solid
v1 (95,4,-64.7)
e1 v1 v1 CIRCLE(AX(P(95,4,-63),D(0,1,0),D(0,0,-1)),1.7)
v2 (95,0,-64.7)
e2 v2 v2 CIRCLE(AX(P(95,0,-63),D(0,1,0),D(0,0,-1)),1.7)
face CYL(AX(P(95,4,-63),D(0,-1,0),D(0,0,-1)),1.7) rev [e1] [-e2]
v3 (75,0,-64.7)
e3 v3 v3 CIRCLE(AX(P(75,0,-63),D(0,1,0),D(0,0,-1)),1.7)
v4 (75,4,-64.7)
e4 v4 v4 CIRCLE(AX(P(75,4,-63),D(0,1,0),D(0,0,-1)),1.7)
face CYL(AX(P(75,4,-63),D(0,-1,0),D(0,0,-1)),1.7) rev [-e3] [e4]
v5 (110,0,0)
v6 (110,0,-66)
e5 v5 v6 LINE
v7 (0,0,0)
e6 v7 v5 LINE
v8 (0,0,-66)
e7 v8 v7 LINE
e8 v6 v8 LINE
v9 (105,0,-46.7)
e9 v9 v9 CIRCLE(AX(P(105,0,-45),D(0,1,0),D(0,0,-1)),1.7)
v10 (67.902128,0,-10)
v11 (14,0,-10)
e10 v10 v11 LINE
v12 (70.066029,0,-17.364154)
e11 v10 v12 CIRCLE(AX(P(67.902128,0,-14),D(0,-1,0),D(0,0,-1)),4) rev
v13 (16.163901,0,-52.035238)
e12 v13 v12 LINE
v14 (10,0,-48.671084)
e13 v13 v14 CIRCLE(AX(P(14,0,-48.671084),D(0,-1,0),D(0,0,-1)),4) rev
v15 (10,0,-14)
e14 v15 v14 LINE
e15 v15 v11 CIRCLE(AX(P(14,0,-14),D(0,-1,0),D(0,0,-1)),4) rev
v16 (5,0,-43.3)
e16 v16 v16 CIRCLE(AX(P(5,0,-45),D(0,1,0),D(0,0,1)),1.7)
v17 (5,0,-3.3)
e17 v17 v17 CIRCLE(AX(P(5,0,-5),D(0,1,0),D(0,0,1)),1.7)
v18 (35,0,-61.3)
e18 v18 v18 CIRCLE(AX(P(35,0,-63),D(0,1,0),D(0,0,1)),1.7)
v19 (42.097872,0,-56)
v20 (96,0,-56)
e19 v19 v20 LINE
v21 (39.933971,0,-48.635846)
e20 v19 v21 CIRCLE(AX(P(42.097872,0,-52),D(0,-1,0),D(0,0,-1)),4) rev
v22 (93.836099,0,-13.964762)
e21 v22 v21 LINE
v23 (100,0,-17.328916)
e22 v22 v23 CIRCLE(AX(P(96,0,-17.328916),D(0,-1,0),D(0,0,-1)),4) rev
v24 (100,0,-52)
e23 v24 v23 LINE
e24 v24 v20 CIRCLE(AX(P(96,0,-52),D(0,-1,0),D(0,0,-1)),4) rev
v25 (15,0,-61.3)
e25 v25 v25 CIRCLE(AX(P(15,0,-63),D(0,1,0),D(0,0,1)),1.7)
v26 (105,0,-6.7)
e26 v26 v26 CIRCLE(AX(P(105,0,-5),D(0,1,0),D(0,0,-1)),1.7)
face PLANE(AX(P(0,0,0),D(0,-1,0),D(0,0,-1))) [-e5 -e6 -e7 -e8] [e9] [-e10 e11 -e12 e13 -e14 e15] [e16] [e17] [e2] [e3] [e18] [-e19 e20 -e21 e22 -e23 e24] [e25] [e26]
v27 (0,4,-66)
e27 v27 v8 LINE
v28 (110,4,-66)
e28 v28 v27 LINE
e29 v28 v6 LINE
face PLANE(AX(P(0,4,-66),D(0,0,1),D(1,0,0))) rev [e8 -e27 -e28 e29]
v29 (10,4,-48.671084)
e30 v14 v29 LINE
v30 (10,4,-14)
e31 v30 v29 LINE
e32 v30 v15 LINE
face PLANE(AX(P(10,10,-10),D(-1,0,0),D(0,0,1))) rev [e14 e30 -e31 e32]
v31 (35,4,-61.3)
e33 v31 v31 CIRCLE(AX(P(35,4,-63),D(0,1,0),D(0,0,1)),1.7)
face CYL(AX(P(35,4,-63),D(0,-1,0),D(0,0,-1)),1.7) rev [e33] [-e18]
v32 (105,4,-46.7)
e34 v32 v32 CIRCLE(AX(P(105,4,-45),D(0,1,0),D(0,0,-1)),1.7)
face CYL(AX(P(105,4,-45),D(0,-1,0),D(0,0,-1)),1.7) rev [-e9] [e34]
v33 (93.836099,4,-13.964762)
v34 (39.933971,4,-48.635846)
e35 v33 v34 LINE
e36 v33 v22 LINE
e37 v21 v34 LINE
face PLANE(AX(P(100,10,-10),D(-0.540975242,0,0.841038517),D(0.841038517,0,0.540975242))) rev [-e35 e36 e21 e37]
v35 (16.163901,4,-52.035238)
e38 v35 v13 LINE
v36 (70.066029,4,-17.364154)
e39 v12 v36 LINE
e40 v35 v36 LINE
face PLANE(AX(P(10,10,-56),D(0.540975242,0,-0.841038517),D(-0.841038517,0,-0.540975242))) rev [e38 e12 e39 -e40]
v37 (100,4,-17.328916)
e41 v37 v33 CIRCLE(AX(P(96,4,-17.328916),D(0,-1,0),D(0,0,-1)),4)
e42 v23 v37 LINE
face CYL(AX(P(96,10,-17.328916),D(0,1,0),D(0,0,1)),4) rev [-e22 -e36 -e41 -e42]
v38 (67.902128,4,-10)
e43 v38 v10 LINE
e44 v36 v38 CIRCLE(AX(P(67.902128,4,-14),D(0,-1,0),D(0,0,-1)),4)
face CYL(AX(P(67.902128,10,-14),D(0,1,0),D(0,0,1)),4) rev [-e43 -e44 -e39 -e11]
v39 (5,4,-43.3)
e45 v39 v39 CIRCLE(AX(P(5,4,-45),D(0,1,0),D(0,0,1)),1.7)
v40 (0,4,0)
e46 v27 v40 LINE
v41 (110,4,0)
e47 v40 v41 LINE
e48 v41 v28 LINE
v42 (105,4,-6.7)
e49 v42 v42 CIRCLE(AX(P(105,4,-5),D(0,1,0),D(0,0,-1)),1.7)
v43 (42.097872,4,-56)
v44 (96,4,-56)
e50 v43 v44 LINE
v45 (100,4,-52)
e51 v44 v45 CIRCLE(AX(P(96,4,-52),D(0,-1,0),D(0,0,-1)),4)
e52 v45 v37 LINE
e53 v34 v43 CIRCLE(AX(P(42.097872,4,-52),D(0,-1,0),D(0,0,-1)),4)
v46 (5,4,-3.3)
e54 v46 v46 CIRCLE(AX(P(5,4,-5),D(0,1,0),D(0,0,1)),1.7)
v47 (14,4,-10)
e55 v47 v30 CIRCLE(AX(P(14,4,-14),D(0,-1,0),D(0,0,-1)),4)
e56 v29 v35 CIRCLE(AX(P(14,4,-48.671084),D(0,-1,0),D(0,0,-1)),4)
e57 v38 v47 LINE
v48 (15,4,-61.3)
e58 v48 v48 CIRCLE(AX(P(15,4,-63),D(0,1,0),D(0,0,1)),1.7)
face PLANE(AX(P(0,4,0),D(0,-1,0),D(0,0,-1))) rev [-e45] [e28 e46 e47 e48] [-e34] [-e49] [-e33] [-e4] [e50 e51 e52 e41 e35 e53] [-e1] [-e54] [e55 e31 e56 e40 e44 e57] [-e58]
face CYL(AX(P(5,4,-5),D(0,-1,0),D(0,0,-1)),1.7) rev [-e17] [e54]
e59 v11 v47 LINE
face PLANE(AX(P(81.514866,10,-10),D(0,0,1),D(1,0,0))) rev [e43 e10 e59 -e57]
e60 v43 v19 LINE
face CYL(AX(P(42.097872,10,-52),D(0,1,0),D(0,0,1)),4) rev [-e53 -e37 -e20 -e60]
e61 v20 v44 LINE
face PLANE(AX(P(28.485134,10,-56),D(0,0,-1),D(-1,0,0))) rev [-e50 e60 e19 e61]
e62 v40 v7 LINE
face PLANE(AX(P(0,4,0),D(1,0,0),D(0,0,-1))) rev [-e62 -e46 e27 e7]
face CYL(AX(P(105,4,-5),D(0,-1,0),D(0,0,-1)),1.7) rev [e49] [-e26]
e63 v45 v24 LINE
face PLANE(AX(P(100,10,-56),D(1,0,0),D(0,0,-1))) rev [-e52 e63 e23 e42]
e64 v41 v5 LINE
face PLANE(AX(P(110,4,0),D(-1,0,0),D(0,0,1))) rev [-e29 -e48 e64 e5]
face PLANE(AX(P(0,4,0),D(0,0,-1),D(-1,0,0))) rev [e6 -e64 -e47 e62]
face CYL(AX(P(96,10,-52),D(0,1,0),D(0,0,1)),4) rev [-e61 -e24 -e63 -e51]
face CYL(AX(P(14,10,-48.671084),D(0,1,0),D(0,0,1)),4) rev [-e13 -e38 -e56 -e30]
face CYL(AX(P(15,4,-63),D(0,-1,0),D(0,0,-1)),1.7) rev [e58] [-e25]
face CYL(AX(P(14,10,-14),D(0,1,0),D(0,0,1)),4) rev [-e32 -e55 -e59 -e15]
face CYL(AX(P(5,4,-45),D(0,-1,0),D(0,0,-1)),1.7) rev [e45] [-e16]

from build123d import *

# Parameters (mm, degrees)
SKETCH_1_W          = 110
SKETCH_1_H          = 66
SKETCH_1_R          = 1.7
EXTRUDE_1_DEPTH     = 4
CUT_EXTRUDE_1_DEPTH = 10
FILLET_1_R          = 4


with BuildPart() as part:
    # 草图1 → 凸台-拉伸1 (new body)
    with BuildSketch(Plane(origin=(0, 0, 0), x_dir=(1, 0, 0), z_dir=(0, 1, 0))):
        with Locations((55, 33)):
            Rectangle(SKETCH_1_W, SKETCH_1_H)
        with Locations(Location((5, 45, 0), (0, 0, 270))):
            Circle(SKETCH_1_R, mode=Mode.SUBTRACT)
        with Locations(Location((5, 5, 0), (0, 0, 270))):
            Circle(SKETCH_1_R, mode=Mode.SUBTRACT)
        with Locations(Location((105, 5, 0), (0, 0, 90))):
            Circle(SKETCH_1_R, mode=Mode.SUBTRACT)
        with Locations(Location((105, 45, 0), (0, 0, 90))):
            Circle(SKETCH_1_R, mode=Mode.SUBTRACT)
        with Locations(Location((15, 63, 0), (0, 0, 270))):
            Circle(SKETCH_1_R, mode=Mode.SUBTRACT)
        with Locations(Location((35, 63, 0), (0, 0, 270))):
            Circle(SKETCH_1_R, mode=Mode.SUBTRACT)
        with Locations(Location((75, 63, 0), (0, 0, 90))):
            Circle(SKETCH_1_R, mode=Mode.SUBTRACT)
        with Locations(Location((95, 63, 0), (0, 0, 90))):
            Circle(SKETCH_1_R, mode=Mode.SUBTRACT)
    extrude(amount=EXTRUDE_1_DEPTH)

    # 草图2 → 切除-拉伸1 (cut)
    with BuildSketch(Plane.XZ):
        Polygon((100, -56), (100, -10), (28.485134293, -56), align=None)
        Polygon((10, -56), (81.514865707, -10), (10, -10), align=None)
    extrude(amount=-CUT_EXTRUDE_1_DEPTH, mode=Mode.SUBTRACT)

    # 圆角1
    fillet_1_edges = [part.edges().sort_by_distance(p)[0] for p in [
        (10, 2, -56),
        (10, 2, -10),
        (81.514865707, 2, -10),
        (100, 2, -56),
        (28.485134293, 2, -56),
        (100, 2, -10),
    ]]
    fillet(fillet_1_edges, radius=FILLET_1_R)


solid = part.part
